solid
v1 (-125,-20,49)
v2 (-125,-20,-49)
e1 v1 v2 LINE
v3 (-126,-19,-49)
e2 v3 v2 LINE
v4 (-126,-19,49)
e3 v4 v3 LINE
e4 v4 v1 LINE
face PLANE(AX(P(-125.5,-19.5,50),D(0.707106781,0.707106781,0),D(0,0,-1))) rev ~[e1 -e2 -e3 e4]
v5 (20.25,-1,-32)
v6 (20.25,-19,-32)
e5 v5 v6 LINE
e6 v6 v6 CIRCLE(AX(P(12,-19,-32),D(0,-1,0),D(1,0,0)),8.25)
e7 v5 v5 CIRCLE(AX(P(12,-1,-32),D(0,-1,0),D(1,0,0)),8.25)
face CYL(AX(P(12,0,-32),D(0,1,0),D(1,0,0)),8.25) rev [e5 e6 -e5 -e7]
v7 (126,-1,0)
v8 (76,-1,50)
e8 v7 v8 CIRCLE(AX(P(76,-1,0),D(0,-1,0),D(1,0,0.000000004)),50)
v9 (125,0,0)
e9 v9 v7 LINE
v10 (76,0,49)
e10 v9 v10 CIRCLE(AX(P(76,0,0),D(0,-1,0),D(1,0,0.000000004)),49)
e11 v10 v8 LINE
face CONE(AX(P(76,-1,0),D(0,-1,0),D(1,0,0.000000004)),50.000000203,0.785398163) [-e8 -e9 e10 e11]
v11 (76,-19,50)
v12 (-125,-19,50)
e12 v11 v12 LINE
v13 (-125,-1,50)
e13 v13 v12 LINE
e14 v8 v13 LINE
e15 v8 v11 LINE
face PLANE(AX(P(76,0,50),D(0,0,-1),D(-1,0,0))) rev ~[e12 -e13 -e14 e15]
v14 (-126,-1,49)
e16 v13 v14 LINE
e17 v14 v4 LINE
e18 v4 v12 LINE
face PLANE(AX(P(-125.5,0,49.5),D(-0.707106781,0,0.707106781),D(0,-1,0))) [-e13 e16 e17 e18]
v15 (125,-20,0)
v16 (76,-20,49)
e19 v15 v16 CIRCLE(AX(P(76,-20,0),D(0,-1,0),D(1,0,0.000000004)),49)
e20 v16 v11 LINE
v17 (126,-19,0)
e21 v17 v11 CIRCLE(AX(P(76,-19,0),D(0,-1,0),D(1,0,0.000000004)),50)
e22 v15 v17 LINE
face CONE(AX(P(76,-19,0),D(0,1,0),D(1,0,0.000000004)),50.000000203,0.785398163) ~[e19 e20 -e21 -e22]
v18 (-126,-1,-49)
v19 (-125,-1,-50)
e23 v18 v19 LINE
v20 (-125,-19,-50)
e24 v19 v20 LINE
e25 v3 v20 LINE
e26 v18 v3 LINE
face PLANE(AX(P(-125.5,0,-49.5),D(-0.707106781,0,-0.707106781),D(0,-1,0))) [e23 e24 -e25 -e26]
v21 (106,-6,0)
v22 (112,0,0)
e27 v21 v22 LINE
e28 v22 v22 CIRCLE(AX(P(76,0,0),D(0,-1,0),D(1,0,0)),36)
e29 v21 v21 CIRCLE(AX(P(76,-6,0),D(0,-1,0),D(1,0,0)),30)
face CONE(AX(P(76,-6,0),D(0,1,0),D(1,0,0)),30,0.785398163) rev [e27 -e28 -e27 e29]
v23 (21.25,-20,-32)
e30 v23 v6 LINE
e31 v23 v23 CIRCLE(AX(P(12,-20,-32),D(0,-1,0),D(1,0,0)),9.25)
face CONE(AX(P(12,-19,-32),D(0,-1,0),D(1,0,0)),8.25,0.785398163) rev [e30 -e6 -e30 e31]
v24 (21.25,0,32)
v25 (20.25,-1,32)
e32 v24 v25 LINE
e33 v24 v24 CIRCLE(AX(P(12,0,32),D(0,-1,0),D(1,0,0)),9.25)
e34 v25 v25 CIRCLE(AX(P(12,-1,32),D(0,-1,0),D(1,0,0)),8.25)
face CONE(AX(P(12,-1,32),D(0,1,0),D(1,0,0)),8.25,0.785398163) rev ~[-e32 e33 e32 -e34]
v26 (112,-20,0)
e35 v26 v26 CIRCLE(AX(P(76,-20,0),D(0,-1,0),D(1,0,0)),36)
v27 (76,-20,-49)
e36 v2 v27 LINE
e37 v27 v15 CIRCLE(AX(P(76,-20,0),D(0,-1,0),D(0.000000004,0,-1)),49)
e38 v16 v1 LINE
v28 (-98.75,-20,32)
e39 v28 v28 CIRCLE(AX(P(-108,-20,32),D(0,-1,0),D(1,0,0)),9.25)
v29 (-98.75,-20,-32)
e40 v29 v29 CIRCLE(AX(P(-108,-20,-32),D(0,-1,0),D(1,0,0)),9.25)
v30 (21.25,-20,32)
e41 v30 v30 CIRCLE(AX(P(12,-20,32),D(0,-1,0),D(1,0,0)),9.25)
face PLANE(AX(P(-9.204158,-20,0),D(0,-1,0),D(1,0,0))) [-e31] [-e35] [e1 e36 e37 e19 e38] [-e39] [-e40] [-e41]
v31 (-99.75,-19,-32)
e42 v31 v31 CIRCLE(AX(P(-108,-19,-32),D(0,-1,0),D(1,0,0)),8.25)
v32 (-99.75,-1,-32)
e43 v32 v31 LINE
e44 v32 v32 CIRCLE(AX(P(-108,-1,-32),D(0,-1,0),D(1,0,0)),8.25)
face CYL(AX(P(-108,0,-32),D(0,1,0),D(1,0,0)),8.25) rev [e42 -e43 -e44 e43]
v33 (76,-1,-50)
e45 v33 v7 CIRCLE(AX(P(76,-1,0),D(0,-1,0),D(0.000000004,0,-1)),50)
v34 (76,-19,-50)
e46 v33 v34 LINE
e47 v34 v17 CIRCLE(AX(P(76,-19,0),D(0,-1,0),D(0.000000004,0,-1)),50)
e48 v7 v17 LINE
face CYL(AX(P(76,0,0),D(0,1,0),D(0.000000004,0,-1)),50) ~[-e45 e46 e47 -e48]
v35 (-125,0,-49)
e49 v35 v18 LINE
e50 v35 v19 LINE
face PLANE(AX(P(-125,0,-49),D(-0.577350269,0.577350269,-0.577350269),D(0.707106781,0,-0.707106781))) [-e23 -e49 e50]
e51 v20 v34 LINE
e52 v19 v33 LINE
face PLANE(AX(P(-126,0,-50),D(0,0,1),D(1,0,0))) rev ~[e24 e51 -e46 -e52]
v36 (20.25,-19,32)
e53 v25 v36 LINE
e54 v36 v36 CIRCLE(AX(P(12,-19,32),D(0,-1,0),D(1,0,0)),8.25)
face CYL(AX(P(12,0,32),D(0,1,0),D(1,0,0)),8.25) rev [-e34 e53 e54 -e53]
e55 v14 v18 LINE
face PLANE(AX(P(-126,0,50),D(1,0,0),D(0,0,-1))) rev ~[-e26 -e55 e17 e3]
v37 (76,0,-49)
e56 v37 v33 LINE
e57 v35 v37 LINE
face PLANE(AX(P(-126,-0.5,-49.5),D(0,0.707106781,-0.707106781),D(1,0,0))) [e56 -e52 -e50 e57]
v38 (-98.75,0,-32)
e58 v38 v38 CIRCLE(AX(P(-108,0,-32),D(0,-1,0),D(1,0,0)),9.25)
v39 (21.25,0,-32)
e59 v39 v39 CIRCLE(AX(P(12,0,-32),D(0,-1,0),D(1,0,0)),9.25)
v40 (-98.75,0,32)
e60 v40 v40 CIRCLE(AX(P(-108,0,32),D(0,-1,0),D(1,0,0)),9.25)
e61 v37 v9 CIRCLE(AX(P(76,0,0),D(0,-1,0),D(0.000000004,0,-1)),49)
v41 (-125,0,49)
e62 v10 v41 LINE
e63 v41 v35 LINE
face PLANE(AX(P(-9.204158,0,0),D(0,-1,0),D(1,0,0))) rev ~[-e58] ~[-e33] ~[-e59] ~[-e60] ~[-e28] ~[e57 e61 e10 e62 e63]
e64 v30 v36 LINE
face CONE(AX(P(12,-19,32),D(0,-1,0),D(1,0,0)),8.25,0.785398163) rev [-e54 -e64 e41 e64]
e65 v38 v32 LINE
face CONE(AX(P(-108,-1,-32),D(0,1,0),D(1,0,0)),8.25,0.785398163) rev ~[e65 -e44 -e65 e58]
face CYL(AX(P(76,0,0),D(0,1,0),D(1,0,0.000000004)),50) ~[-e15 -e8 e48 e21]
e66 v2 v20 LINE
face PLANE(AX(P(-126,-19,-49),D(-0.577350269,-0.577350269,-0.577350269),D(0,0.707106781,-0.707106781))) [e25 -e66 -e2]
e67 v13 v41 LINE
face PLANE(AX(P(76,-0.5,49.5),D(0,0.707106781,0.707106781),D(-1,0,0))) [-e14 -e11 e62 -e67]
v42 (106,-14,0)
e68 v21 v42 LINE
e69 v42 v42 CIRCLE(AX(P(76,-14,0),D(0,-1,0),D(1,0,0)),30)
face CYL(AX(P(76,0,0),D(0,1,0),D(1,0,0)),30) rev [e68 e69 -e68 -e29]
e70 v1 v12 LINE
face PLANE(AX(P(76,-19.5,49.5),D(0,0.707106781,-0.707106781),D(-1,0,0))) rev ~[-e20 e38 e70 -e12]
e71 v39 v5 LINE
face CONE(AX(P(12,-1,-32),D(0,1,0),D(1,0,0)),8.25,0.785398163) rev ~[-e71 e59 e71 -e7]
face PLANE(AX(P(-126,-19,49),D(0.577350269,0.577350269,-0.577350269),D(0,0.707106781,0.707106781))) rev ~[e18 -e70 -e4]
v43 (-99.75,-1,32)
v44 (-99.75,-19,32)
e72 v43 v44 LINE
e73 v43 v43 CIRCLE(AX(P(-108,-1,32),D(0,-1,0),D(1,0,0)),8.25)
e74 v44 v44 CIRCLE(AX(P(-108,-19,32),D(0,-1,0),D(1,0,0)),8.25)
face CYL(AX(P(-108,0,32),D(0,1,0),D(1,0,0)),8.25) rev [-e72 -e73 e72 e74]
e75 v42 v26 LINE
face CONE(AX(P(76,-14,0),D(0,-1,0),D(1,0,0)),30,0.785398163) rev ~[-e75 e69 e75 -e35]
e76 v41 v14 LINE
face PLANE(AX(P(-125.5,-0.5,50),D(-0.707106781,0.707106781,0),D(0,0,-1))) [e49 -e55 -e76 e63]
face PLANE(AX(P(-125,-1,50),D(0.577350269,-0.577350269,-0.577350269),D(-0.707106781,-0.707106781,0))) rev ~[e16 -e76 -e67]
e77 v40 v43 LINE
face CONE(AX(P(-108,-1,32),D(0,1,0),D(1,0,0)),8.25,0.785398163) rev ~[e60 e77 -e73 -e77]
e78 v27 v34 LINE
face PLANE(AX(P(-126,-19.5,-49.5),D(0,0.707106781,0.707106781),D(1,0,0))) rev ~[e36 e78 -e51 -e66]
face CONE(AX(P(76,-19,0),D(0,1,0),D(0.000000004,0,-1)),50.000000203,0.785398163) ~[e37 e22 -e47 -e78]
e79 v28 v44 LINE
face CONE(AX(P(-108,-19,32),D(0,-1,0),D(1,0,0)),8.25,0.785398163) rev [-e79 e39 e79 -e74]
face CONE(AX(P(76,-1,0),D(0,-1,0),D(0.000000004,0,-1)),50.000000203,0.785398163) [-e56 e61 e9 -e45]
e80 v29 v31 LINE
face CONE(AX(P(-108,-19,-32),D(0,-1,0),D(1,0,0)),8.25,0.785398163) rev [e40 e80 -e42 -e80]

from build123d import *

# Parameters (mm, degrees)
F0_R     = 8.25
F0_R_2   = 30
F1_DEPTH = 20
F2_SIZE  = 6
F3_SIZE  = 1


with BuildPart() as f1:
    # F0 (on Front) → F1 (new body)
    with BuildSketch(Plane.XZ):
        with BuildLine():
            Line((-126, -50), (76, -50))
            ThreePointArc((76, -50), (111.355339, -35.355339), (126, 0))
            ThreePointArc((126, 0), (111.355339, 35.355339), (76, 50))
            Line((76, 50), (-126, 50))
            Line((-126, 50), (-126, -50))
        make_face()
        with Locations((-108, -32)):
            Circle(F0_R, mode=Mode.SUBTRACT)
        with Locations((12, -32)):
            Circle(F0_R, mode=Mode.SUBTRACT)
        with Locations((-108, 32)):
            Circle(F0_R, mode=Mode.SUBTRACT)
        with Locations((76, 0)):
            Circle(F0_R_2, mode=Mode.SUBTRACT)
        with Locations((12, 32)):
            Circle(F0_R, mode=Mode.SUBTRACT)
    extrude(amount=F1_DEPTH)

    # F2
    f2_edges = [f1.edges().sort_by_distance(p)[0] for p in [
        (46, -20, 0),
        (46, 0, 0),
    ]]
    chamfer(f2_edges, length=F2_SIZE)

    # F3
    f3_edges = [f1.edges().sort_by_distance(p)[0] for p in [
        (-116.25, -20, -32),
        (-116.25, -20, 32),
        (3.75, -20, -32),
        (3.75, -20, 32),
        (-25, -20, -50),
        (-126, -20, 0),
        (-25, -20, 50),
        (126, -20, 0),
        (-126, -10, -50),
        (-126, 0, 0),
        (-25, 0, -50),
        (-25, 0, 50),
        (-126, -10, 50),
        (-116.25, 0, -32),
        (-116.25, 0, 32),
        (3.75, 0, -32),
        (3.75, 0, 32),
        (126, 0, 0),
    ]]
    chamfer(f3_edges, length=F3_SIZE)


solid = f1.part
